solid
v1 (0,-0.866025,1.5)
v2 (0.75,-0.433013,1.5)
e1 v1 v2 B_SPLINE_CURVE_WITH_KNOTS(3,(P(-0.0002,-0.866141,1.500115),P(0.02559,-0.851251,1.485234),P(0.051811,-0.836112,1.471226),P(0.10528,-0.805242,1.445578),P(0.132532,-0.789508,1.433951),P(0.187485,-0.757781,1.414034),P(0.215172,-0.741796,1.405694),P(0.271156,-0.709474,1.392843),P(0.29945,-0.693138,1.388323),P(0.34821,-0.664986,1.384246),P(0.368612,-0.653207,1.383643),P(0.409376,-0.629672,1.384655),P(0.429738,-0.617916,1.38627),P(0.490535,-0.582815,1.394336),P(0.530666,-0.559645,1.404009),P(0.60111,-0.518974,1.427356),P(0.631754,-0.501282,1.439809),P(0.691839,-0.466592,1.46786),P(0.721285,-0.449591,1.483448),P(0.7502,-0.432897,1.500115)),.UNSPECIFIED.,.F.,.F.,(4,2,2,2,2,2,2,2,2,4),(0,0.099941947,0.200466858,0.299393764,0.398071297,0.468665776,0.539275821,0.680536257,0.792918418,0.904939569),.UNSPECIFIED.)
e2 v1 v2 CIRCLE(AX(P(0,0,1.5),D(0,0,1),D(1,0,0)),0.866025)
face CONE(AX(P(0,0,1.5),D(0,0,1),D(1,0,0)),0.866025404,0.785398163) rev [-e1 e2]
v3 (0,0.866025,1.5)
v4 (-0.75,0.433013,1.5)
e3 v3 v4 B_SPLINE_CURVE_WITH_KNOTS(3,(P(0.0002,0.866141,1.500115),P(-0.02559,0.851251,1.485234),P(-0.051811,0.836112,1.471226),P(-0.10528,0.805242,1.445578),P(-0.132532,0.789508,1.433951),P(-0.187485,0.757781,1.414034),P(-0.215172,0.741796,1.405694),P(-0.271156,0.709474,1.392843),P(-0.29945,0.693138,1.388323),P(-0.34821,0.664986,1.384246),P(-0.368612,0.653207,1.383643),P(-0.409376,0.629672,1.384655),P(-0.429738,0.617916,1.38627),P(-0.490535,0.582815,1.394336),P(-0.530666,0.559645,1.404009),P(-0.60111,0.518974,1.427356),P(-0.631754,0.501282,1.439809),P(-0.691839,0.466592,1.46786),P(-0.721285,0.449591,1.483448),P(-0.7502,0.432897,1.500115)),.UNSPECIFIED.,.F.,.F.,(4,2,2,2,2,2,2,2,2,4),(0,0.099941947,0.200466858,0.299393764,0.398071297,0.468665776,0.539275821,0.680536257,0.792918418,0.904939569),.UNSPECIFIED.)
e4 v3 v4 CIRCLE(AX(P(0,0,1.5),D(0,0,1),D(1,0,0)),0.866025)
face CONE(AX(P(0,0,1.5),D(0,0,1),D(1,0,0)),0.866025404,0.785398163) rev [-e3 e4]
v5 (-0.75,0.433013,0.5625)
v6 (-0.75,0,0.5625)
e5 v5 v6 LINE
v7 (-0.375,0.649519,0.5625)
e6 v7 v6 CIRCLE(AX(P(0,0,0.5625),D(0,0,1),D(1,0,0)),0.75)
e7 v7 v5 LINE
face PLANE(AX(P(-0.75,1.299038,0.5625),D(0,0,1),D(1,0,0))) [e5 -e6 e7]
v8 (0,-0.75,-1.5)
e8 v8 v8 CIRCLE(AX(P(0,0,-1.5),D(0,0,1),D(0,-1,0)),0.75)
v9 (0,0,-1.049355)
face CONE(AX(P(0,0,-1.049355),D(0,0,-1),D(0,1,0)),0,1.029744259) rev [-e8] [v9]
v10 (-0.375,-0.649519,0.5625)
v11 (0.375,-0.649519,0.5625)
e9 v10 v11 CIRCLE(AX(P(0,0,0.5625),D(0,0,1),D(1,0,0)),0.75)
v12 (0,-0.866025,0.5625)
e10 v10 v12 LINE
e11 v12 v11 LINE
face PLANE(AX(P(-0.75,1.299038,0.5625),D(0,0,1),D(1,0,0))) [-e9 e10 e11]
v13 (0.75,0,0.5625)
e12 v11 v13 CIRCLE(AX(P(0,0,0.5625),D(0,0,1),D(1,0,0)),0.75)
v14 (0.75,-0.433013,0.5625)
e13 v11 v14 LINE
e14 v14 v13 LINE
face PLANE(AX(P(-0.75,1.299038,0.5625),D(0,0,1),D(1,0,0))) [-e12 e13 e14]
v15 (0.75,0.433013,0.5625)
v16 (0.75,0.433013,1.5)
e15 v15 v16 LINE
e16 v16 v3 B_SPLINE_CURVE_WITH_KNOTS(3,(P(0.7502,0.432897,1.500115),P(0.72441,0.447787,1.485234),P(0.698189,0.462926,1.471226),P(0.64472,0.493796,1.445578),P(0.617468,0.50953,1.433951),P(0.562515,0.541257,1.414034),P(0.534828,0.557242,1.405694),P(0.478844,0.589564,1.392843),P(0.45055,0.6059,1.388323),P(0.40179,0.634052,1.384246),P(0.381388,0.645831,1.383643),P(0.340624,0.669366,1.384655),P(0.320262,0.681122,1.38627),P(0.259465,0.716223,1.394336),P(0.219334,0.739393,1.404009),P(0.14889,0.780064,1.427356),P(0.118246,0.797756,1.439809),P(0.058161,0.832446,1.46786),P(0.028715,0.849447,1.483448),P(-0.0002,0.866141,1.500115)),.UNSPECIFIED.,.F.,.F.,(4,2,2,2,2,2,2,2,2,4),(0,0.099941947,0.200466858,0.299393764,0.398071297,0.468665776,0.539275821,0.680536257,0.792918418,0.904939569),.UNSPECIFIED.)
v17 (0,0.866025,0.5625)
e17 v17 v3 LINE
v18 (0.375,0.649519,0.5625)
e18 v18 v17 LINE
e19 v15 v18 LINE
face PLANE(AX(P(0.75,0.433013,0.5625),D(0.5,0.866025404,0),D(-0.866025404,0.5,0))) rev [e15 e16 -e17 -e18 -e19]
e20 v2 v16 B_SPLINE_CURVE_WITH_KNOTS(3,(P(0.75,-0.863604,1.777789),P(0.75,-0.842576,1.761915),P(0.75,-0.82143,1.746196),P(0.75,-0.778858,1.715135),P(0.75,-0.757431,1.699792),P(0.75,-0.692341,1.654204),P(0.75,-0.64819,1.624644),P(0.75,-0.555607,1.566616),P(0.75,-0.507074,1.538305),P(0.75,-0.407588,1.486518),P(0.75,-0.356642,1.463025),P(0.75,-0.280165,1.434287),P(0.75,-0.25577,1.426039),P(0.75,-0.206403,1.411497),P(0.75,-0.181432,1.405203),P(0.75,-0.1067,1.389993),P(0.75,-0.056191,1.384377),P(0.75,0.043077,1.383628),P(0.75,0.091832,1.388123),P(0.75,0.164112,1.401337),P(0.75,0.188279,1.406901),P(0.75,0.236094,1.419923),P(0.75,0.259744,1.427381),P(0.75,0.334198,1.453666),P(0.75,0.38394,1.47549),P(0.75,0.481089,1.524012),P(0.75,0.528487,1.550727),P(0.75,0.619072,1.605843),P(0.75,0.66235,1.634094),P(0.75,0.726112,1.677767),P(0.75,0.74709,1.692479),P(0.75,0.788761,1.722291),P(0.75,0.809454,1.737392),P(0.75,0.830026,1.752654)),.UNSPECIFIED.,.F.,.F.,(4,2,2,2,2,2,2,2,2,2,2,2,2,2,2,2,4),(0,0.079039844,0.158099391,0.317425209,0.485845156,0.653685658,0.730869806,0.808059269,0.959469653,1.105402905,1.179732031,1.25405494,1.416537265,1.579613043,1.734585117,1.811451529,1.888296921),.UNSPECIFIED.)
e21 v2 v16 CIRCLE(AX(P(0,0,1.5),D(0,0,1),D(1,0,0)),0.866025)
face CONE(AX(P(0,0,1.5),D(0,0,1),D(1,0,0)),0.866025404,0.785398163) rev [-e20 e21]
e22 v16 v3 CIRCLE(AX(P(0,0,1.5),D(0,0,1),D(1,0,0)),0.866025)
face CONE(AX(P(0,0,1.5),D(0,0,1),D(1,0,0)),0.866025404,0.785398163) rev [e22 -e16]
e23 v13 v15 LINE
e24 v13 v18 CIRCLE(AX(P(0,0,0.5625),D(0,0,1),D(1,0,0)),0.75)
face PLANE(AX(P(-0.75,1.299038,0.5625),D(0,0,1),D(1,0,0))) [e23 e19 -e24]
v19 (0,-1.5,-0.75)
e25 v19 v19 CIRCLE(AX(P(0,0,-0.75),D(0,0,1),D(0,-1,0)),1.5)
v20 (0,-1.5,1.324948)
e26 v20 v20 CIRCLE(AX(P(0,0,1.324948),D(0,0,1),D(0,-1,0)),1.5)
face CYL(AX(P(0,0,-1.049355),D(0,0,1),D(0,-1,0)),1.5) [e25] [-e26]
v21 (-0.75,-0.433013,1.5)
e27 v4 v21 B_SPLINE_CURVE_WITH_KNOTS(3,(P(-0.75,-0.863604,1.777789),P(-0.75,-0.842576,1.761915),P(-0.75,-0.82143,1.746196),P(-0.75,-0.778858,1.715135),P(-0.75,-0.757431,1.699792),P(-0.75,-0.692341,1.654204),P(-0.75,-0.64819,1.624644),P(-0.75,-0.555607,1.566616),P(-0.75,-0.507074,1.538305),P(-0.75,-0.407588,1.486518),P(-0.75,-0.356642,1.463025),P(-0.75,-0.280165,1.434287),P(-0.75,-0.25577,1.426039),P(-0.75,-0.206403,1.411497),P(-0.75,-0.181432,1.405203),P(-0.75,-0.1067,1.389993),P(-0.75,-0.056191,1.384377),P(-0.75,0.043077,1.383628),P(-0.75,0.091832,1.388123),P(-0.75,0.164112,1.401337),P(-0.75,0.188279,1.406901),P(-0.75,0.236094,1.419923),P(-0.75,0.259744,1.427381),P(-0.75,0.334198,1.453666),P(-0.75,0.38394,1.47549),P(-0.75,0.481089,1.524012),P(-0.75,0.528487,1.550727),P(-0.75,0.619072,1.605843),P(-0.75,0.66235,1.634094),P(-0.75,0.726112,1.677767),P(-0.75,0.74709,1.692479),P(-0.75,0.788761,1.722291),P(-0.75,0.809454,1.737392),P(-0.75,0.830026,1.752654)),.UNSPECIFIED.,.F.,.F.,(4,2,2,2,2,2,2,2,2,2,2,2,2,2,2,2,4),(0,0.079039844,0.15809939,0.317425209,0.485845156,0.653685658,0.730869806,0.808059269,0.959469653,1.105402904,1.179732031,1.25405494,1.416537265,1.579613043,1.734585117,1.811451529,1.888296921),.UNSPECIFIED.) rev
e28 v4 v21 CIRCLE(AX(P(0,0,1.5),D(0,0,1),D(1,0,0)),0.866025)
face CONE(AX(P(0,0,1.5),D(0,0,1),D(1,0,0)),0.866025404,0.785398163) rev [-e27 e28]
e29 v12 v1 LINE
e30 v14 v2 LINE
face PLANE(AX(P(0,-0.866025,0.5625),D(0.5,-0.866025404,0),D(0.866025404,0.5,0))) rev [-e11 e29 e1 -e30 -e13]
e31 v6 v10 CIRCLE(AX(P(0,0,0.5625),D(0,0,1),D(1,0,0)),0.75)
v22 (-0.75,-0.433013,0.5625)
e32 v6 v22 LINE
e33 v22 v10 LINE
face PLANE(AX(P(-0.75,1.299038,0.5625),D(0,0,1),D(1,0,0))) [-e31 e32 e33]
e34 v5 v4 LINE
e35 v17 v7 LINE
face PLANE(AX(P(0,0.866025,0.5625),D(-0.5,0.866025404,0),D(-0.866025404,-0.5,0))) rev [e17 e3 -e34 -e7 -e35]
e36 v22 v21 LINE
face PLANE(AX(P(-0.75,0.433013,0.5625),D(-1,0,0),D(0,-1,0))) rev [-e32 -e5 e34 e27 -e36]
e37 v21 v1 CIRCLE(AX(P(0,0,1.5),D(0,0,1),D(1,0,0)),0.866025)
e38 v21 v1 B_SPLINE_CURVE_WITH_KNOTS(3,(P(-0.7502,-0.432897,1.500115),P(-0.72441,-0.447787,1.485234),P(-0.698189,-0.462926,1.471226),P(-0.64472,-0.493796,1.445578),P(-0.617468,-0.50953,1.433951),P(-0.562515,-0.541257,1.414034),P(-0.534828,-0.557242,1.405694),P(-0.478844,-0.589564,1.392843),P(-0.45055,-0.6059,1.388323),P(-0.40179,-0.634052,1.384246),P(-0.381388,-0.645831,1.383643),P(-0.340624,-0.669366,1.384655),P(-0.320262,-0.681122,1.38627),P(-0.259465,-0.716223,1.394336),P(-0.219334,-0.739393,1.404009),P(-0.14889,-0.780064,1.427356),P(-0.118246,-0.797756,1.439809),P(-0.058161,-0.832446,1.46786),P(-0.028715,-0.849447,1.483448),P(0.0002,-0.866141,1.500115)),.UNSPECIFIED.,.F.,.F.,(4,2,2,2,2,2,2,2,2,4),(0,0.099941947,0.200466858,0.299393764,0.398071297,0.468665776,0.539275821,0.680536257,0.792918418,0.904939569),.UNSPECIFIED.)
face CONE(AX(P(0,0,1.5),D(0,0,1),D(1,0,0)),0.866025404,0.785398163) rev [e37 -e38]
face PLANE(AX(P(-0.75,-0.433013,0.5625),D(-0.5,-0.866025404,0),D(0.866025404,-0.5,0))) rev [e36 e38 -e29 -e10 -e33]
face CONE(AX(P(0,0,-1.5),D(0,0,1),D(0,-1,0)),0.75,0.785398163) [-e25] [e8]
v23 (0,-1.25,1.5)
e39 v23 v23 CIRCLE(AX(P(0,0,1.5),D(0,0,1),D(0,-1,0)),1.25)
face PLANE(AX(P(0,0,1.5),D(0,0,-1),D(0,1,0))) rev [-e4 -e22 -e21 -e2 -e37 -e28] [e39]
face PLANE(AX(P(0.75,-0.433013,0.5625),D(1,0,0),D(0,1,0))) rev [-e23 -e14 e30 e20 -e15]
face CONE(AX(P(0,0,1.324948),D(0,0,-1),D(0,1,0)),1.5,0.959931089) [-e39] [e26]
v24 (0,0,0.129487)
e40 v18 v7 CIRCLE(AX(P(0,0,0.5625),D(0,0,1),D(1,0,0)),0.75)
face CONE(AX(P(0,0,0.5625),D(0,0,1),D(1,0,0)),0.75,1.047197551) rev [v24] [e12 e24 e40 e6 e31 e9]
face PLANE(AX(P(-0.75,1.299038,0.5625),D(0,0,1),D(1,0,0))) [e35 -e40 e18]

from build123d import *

# Parameters (mm, degrees)
CUT_EXTRUDE1_DEPTH = 0.9375


with BuildPart() as part:
    # Sketch11 → Revolve1 (revolve)
    with BuildSketch(Plane(origin=(0, 0, 0), x_dir=(0, 0, -1), z_dir=(1, 0, 0))):
        Polygon((-1.5, 0), (-1.5, 1.25), (-1.324948115, 1.5), (0.75, 1.5), (1.5, 0.75), (1.049354536, 0), align=None)
    revolve(axis=Axis((0, 0, -1.049354536), (0, 0, -1)))

    # Sketch2 → Cut-Extrude1 (cut)
    with BuildSketch(Plane.XY.offset(1.5)):
        Polygon((0, 0.866025404), (-0.75, 0.433012702), (-0.75, -0.433012702), (0, -0.866025404), (0.75, -0.433012702), (0.75, 0.433012702), align=None)
    extrude(amount=-CUT_EXTRUDE1_DEPTH, mode=Mode.SUBTRACT)

    # Cut-Extrude2 cone 1 section (through the dimple's axis) → Cut-Extrude2 (revolve, cut)
    with BuildSketch(Plane(origin=(0, 0, 1.5), x_dir=(0, -1, 0), z_dir=(1, 0, 0))):
        Polygon((0, 0), (0.866025404, 0), (0, 0.866025404), align=None)
    revolve(axis=Axis((0, 0, 1.5), (0, 0, -1)), mode=Mode.SUBTRACT)

    # Cut-Extrude3 cone 1 section (through the dimple's axis) → Cut-Extrude3 (revolve, cut)
    with BuildSketch(Plane(origin=(0, 0, 0.5625), x_dir=(0, -1, 0), z_dir=(1, 0, 0))):
        Polygon((0, 0), (0.75, 0), (0, 0.433012702), align=None)
    revolve(axis=Axis((0, 0, 0.5625), (0, 0, -1)), mode=Mode.SUBTRACT)


solid = part.part
